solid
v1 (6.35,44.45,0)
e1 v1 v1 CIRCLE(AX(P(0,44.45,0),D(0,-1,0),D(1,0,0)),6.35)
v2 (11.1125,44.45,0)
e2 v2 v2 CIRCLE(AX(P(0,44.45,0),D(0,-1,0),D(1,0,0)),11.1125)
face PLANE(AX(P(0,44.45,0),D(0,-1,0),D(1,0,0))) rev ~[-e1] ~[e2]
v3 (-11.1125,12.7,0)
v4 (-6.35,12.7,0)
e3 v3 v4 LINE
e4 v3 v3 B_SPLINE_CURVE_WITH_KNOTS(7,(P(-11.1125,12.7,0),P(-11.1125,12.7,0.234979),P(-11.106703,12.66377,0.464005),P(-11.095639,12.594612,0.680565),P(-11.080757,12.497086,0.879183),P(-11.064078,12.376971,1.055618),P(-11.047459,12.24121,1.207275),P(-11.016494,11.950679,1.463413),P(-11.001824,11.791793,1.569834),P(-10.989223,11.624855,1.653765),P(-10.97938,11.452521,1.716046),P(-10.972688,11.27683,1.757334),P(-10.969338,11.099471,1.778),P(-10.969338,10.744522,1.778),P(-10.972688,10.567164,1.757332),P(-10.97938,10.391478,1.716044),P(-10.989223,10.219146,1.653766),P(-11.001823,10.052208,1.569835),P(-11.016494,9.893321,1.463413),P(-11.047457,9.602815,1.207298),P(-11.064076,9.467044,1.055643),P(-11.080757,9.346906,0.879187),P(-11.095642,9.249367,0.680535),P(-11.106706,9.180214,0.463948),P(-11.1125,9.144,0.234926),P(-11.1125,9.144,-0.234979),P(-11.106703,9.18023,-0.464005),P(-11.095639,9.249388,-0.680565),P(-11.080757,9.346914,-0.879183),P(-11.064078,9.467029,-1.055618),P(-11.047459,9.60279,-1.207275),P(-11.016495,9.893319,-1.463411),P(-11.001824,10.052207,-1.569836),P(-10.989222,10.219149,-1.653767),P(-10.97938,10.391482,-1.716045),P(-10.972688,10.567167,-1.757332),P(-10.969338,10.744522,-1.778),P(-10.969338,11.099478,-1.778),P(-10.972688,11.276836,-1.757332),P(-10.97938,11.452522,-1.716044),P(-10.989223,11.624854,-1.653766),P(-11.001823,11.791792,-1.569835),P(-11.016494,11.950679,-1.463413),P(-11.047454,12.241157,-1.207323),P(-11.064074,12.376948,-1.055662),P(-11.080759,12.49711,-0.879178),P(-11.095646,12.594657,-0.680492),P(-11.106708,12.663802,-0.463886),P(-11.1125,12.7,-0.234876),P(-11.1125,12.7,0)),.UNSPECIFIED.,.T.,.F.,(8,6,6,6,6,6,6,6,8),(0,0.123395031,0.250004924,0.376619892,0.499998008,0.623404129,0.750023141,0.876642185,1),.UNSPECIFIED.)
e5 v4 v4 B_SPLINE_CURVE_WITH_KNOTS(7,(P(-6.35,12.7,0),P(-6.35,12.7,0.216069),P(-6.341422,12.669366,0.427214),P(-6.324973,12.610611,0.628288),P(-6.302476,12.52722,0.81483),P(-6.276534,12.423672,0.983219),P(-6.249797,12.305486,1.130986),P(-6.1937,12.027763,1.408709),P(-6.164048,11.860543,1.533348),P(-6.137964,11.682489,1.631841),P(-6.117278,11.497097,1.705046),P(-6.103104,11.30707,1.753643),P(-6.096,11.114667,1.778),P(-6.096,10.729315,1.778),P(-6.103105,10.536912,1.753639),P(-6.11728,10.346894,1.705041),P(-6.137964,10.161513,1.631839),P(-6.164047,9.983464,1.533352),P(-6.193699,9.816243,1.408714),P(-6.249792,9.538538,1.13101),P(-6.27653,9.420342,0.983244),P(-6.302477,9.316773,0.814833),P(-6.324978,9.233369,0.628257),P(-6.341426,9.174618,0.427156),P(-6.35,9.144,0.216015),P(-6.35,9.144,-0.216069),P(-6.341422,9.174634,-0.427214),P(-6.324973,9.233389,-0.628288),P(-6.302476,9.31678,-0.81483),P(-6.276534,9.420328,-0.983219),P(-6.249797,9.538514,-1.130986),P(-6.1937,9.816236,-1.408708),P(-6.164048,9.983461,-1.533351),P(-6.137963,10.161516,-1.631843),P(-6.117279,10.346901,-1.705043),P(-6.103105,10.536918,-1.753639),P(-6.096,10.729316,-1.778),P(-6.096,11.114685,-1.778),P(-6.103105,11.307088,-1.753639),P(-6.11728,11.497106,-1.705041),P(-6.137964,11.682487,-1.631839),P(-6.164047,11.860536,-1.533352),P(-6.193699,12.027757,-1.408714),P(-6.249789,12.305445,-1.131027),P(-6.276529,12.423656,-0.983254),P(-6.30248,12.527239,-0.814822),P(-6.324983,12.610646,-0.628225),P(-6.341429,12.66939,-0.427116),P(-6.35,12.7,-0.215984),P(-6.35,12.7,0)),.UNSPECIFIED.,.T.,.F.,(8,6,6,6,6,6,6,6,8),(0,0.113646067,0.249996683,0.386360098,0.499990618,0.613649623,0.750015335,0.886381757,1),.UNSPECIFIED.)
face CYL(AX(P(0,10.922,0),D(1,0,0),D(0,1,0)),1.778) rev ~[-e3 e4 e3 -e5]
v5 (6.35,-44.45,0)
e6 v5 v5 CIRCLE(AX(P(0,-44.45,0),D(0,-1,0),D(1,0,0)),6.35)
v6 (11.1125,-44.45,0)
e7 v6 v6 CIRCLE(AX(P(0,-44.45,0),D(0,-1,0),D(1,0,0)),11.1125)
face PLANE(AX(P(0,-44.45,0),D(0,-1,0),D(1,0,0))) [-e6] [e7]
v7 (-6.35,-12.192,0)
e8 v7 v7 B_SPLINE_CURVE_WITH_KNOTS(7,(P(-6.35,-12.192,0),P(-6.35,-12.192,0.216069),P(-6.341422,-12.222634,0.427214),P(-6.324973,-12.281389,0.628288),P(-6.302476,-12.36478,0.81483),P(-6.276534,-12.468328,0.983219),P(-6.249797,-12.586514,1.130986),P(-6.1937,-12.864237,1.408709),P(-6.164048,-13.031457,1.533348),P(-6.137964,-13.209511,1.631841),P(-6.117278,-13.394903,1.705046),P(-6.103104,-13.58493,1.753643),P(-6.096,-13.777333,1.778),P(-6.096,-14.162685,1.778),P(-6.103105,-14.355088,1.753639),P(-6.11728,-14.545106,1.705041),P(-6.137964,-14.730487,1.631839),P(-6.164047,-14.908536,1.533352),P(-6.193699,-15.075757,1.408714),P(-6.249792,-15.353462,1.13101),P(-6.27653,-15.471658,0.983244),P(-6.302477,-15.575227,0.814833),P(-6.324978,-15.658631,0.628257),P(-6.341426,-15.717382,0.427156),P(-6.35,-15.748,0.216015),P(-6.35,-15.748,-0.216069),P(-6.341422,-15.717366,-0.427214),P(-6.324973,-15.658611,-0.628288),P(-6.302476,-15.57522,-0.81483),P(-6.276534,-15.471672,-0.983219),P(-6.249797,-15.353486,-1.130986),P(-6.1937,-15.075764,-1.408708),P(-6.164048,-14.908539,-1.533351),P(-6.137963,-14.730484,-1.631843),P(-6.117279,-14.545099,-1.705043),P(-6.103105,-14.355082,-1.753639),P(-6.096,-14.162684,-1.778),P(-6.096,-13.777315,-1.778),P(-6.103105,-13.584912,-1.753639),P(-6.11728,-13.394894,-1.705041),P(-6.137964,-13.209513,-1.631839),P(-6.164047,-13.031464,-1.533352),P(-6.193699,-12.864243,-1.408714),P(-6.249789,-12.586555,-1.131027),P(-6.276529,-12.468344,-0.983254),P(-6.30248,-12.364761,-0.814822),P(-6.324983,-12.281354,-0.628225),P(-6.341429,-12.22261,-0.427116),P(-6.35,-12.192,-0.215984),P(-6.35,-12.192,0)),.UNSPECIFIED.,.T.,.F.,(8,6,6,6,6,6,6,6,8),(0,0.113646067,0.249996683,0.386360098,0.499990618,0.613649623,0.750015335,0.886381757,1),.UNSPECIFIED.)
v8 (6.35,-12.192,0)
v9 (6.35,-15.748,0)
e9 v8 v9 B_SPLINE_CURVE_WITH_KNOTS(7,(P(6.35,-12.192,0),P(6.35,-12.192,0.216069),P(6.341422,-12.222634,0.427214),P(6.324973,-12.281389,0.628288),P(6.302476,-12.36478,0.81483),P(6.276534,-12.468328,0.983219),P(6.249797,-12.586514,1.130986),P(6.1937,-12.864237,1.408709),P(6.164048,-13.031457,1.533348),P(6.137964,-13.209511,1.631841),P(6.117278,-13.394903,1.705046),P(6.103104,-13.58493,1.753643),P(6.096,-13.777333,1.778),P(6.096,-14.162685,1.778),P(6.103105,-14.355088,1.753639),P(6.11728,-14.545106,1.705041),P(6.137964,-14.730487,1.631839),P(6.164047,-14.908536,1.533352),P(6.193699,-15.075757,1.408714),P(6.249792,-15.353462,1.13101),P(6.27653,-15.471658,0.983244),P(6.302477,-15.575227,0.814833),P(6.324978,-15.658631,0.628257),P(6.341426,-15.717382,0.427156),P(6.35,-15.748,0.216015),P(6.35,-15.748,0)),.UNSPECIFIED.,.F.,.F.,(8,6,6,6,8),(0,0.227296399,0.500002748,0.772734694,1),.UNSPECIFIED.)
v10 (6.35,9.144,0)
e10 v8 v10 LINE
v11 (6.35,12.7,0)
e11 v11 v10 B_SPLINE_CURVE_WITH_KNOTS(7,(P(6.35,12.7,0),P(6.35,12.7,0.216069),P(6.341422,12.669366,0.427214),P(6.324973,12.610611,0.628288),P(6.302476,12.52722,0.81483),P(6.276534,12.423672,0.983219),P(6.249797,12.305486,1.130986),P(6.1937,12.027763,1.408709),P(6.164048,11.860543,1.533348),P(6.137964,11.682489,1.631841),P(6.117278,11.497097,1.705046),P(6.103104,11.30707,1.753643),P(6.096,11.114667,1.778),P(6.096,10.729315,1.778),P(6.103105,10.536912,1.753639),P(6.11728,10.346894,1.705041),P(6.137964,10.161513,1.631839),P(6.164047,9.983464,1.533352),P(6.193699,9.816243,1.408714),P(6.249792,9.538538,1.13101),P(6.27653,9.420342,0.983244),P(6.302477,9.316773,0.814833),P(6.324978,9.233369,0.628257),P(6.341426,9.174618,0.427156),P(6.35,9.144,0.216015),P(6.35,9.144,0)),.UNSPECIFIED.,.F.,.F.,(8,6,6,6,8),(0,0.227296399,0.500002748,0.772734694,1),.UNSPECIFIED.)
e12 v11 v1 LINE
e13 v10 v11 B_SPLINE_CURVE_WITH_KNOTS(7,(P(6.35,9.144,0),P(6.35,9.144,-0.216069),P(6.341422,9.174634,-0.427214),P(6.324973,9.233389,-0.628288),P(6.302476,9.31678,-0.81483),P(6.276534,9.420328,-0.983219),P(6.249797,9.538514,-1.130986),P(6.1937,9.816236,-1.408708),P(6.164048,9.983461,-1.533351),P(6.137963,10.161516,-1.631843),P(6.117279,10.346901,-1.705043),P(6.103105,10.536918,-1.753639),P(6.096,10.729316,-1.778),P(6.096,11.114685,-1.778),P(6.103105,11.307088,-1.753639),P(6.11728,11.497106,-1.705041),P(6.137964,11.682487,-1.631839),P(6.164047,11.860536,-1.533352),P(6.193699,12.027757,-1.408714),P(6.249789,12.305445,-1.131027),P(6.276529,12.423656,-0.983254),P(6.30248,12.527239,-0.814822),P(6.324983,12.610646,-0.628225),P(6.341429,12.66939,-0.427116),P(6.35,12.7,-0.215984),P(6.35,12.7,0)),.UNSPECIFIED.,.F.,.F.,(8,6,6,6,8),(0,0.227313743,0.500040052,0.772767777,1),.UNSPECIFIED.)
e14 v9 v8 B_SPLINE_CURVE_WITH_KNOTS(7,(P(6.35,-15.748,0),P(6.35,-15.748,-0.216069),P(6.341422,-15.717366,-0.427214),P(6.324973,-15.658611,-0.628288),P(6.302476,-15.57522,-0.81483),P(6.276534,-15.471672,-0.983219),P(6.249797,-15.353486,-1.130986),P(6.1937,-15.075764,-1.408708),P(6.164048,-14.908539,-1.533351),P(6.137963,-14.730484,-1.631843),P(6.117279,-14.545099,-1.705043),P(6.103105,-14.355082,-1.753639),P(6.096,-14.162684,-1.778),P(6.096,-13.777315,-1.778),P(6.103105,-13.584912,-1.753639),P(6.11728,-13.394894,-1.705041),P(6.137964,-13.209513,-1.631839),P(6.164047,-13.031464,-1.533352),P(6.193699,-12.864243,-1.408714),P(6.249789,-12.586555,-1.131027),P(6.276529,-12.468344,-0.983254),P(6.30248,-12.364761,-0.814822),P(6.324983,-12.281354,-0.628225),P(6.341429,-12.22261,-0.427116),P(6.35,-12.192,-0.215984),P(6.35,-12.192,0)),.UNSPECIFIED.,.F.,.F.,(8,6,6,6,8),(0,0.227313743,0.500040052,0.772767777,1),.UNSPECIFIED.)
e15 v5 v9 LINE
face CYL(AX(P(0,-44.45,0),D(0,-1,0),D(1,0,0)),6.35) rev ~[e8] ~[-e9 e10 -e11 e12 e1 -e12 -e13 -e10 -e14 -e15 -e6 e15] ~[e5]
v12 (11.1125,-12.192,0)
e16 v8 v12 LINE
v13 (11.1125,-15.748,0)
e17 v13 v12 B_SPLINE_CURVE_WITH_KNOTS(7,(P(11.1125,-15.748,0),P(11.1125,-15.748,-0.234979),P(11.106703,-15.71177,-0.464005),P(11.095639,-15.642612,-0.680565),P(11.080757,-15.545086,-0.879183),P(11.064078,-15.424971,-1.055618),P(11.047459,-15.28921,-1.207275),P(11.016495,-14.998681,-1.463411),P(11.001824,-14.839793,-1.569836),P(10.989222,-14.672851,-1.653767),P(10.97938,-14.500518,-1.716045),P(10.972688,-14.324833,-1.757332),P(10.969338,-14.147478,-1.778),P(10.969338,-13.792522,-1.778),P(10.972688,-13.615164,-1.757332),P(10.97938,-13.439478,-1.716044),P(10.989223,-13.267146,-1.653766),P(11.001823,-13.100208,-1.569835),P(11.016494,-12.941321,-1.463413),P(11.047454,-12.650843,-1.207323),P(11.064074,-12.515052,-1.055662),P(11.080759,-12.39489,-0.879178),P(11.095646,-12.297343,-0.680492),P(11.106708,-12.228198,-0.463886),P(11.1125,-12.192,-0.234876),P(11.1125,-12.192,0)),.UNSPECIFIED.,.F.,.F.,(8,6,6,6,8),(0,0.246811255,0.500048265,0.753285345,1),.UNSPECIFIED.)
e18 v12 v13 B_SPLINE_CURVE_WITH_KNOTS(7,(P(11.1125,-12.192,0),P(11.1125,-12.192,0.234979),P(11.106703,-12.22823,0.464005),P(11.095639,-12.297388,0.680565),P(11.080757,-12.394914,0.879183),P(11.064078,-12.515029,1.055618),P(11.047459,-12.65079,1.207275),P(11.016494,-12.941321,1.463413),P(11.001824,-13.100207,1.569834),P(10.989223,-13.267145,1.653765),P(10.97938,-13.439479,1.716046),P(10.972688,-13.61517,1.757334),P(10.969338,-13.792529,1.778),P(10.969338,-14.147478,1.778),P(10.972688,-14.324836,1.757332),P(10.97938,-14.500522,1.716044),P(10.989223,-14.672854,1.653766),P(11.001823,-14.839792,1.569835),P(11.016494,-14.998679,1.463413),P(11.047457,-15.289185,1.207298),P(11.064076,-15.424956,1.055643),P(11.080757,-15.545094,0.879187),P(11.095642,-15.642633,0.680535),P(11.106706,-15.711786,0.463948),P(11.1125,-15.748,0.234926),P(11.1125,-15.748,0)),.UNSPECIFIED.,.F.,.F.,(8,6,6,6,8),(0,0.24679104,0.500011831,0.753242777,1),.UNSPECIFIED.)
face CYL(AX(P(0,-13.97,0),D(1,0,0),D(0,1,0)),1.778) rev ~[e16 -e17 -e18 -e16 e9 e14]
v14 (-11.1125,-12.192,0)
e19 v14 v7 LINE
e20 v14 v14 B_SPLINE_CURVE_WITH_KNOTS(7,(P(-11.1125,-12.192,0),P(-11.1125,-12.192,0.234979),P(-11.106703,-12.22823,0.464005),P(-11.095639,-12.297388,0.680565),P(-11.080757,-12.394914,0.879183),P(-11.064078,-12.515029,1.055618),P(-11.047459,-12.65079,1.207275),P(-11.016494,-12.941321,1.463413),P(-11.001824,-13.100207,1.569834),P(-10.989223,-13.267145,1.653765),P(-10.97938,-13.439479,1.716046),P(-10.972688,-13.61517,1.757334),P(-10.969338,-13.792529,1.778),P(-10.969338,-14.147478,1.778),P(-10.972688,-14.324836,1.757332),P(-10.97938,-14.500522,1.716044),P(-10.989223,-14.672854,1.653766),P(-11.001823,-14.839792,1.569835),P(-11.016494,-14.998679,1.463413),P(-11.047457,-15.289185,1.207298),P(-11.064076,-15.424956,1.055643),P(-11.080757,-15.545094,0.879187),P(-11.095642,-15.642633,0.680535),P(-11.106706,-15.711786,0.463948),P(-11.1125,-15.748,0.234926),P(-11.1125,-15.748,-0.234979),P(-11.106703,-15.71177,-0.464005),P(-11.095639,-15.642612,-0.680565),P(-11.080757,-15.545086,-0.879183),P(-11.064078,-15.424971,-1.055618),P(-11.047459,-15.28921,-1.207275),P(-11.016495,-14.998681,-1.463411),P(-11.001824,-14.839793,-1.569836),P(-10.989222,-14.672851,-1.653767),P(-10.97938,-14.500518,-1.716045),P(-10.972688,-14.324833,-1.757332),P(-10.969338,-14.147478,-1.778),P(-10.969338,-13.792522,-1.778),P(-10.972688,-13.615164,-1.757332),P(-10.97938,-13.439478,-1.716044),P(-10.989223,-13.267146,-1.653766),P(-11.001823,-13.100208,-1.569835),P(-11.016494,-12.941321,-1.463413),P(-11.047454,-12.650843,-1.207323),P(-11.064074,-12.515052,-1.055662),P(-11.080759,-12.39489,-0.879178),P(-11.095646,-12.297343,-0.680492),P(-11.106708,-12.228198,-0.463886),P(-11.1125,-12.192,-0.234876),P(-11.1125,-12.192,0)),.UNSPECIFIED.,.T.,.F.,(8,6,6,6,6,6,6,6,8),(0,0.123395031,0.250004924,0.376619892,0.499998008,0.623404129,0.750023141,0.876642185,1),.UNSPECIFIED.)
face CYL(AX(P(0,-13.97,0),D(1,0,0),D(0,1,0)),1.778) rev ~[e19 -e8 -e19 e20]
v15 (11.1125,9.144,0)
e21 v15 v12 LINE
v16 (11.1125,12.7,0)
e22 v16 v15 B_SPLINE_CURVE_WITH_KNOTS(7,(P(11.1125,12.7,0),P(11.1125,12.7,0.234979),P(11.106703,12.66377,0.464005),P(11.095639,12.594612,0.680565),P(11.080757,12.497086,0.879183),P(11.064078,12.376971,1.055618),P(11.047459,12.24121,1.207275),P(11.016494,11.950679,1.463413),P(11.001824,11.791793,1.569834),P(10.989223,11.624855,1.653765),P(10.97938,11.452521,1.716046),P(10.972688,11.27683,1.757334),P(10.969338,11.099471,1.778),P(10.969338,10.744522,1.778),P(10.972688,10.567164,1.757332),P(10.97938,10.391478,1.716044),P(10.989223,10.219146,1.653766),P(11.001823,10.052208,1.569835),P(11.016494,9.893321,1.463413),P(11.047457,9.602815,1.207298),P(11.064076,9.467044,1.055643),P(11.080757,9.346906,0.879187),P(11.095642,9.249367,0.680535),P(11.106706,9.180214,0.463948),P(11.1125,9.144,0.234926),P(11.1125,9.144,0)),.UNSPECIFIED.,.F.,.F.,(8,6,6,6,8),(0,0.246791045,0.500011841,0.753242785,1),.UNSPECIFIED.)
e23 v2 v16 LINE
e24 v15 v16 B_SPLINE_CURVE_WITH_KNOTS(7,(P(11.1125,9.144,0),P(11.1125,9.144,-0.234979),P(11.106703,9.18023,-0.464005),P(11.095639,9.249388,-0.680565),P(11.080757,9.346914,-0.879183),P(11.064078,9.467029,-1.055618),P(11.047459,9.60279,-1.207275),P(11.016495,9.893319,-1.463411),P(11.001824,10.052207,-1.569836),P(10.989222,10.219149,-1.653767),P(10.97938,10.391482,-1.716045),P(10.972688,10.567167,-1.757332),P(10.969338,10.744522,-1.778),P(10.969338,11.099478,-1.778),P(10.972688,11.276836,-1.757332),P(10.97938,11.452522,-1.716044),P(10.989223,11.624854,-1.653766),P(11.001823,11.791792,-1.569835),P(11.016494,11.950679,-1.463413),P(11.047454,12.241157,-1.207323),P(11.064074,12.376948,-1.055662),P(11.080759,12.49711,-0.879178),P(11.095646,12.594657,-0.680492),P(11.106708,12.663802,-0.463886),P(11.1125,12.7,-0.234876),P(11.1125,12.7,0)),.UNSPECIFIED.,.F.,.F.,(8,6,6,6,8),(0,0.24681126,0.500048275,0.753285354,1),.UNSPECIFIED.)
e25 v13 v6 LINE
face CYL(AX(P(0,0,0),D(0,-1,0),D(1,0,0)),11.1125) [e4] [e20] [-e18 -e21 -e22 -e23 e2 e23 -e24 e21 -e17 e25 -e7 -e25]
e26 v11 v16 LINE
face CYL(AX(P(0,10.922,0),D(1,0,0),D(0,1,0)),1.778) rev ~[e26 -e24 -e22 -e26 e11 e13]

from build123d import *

# Parameters (mm, degrees)
F0_R     = 11.1125
F1_DEPTH = 44.45
F2_R     = 6.35
F3_DEPTH = 88.9
F4_R     = 1.778
F5_DEPTH = 12.7
F6_R     = 1.778
F7_DEPTH = 12.7


with BuildPart() as f1:
    # F0 (on Front) → F1 (new body, symmetric)
    with BuildSketch(Plane.XZ):
        Circle(F0_R)
    extrude(amount=F1_DEPTH, both=True)

    # F2 (on face) → F3 (cut, through all)
    with BuildSketch(Plane.XZ.offset(44.45)):
        Circle(F2_R)
    extrude(amount=-F3_DEPTH, mode=Mode.SUBTRACT)

    # F4 (on Right) → F5 (cut, symmetric)
    with BuildSketch(Plane.YZ):
        with Locations((-13.97, 0)):
            Circle(F4_R)
    extrude(amount=F5_DEPTH, both=True, mode=Mode.SUBTRACT)

    # F6 (on Right) → F7 (cut, symmetric)
    with BuildSketch(Plane.YZ):
        with Locations((10.922, 0)):
            Circle(F6_R)
    extrude(amount=F7_DEPTH, both=True, mode=Mode.SUBTRACT)


solid = f1.part
